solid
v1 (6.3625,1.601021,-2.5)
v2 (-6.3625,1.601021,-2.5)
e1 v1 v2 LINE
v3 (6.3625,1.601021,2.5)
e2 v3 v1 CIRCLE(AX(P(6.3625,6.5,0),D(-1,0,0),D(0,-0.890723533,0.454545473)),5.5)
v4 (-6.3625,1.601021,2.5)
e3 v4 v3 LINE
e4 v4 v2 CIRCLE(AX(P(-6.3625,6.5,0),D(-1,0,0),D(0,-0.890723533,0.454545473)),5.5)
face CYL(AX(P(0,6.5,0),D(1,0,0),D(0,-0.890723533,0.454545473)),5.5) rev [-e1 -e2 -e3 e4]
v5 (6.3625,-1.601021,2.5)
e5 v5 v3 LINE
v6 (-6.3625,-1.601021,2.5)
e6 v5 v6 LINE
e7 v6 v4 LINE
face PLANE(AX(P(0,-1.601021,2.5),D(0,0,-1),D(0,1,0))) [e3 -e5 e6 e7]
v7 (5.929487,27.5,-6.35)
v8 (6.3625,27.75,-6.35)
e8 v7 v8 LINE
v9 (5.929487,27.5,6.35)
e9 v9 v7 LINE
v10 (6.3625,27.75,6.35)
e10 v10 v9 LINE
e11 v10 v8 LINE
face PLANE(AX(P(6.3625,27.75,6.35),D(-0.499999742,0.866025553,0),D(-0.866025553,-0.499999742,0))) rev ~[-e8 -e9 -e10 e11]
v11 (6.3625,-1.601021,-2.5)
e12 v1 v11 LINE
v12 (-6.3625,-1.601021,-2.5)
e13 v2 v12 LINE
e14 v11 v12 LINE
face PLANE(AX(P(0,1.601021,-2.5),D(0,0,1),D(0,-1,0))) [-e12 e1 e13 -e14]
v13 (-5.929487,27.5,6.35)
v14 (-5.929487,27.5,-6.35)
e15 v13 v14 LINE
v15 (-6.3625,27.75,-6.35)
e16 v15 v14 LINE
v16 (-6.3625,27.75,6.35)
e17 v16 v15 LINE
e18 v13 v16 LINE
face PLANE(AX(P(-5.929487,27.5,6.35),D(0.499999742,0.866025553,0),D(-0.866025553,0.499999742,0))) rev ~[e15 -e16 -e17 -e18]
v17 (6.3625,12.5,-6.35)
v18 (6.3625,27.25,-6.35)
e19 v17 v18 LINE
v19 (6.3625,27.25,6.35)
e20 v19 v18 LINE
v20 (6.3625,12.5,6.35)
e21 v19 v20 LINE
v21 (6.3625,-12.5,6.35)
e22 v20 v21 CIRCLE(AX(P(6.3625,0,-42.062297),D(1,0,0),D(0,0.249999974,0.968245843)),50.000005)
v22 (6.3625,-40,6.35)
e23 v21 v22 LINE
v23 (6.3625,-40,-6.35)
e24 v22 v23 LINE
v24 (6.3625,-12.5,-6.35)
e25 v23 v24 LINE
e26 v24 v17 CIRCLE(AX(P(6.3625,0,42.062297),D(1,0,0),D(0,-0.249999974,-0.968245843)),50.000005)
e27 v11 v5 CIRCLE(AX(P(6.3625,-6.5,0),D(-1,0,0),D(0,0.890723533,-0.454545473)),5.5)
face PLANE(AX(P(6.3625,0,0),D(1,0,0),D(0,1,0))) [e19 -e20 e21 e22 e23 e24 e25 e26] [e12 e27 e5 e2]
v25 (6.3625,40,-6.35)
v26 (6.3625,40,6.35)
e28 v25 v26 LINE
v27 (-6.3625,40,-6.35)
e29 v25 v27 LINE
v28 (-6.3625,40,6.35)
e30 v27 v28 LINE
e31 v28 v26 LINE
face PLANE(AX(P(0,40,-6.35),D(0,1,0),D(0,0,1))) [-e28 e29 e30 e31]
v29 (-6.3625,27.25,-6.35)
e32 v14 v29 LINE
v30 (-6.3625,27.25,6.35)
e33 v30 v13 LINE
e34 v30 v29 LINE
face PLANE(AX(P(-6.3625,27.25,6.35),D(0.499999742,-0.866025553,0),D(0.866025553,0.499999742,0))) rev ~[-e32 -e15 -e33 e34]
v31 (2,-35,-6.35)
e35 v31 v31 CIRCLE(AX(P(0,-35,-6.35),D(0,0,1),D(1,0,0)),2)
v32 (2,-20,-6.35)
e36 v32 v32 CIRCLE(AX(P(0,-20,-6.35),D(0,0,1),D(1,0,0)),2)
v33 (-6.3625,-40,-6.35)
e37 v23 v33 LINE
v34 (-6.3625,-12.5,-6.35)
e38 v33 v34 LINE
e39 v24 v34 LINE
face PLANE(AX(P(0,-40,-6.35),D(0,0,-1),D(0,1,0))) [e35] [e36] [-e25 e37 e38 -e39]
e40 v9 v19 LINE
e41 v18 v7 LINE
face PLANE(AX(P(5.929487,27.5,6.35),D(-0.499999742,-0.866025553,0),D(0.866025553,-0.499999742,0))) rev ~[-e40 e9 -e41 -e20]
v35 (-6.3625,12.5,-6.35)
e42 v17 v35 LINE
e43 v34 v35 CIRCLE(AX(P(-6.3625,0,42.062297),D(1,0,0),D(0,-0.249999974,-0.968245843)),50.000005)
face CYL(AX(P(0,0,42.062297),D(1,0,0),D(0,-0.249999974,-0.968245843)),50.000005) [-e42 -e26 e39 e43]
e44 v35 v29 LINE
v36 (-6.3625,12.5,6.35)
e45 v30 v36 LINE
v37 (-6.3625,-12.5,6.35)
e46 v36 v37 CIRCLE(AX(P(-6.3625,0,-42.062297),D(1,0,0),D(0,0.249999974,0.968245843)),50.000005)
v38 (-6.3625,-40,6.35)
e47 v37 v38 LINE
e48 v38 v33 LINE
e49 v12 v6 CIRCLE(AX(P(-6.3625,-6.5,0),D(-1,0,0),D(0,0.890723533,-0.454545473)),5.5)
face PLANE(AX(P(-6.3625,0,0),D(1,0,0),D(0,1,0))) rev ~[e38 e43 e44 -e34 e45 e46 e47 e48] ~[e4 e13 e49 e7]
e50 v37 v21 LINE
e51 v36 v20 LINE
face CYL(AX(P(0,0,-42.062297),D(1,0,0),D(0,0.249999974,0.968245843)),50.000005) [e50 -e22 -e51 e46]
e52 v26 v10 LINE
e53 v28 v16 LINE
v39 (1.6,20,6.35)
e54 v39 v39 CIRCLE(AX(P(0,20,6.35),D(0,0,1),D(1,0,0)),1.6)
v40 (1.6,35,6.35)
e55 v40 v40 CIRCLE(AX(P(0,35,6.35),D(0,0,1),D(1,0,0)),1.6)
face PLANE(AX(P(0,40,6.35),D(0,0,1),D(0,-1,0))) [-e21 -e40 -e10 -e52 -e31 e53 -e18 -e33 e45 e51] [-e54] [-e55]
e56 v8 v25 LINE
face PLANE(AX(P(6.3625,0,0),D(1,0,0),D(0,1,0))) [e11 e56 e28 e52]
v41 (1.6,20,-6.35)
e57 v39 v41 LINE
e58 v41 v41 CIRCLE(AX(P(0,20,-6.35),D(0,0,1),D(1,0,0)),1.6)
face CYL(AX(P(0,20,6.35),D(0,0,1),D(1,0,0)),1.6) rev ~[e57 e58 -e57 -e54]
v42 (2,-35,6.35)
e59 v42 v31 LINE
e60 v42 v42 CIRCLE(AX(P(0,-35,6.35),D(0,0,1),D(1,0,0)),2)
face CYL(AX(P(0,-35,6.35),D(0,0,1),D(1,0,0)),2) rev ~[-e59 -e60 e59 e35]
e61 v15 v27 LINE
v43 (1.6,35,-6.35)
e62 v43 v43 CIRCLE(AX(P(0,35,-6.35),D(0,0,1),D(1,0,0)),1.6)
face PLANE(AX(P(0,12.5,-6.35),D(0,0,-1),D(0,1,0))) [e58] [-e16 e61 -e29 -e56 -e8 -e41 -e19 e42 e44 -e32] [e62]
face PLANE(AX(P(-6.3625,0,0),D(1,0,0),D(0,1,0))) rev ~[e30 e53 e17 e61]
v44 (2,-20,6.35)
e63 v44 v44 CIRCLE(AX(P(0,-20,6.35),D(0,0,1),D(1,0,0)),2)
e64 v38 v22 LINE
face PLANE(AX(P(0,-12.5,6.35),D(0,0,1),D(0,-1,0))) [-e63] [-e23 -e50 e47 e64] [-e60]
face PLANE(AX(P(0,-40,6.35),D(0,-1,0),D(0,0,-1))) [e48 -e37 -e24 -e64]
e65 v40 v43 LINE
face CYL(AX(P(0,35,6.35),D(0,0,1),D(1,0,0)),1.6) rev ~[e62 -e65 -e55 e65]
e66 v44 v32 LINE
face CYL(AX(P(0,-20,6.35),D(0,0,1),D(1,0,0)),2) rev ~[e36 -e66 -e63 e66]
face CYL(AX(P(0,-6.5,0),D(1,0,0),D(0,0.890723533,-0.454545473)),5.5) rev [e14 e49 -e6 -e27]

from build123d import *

# Parameters (mm, degrees)
F1_DEPTH = 6.3625
F2_R     = 2
F2_R_2   = 1.6
F3_DEPTH = 14.288708


with BuildPart() as f1:
    # F0 (on Right) → F1 (new body, symmetric)
    with BuildSketch(Plane.YZ):
        with BuildLine():
            Line((40, -6.35), (40, 6.35))
            Line((40, 6.35), (12.5, 6.35))
            ThreePointArc((12.5, 6.35), (0, 7.937708), (-12.5, 6.35))
            Line((-12.5, 6.35), (-40, 6.35))
            Line((-40, 6.35), (-40, -6.35))
            Line((-40, -6.35), (-12.5, -6.35))
            ThreePointArc((-12.5, -6.35), (0, -7.937708), (12.5, -6.35))
            Line((12.5, -6.35), (40, -6.35))
        make_face()
        with BuildLine():
            ThreePointArc((1.601021, 2.5), (12, 0), (1.601021, -2.5))
            Line((1.601021, -2.5), (-1.601021, -2.5))
            ThreePointArc((-1.601021, -2.5), (-12, 0), (-1.601021, 2.5))
            Line((-1.601021, 2.5), (1.601021, 2.5))
        make_face(mode=Mode.SUBTRACT)
    extrude(amount=F1_DEPTH, both=True)

    # F2 (on face) → F3 (cut, through all)
    with BuildSketch(Plane.XY.offset(6.35)):
        with Locations((0, -20)):
            Circle(F2_R)
        with Locations((0, -35)):
            Circle(F2_R)
        with Locations((0, 20)):
            Circle(F2_R_2)
        with Locations((0, 35)):
            Circle(F2_R_2)
        Polygon((6.3625, 27.25), (6.3625, 27.75), (5.929487, 27.5), align=None)
        Polygon((-5.929487, 27.5), (-6.3625, 27.75), (-6.3625, 27.25), align=None)
    extrude(amount=-F3_DEPTH, mode=Mode.SUBTRACT)


solid = f1.part
